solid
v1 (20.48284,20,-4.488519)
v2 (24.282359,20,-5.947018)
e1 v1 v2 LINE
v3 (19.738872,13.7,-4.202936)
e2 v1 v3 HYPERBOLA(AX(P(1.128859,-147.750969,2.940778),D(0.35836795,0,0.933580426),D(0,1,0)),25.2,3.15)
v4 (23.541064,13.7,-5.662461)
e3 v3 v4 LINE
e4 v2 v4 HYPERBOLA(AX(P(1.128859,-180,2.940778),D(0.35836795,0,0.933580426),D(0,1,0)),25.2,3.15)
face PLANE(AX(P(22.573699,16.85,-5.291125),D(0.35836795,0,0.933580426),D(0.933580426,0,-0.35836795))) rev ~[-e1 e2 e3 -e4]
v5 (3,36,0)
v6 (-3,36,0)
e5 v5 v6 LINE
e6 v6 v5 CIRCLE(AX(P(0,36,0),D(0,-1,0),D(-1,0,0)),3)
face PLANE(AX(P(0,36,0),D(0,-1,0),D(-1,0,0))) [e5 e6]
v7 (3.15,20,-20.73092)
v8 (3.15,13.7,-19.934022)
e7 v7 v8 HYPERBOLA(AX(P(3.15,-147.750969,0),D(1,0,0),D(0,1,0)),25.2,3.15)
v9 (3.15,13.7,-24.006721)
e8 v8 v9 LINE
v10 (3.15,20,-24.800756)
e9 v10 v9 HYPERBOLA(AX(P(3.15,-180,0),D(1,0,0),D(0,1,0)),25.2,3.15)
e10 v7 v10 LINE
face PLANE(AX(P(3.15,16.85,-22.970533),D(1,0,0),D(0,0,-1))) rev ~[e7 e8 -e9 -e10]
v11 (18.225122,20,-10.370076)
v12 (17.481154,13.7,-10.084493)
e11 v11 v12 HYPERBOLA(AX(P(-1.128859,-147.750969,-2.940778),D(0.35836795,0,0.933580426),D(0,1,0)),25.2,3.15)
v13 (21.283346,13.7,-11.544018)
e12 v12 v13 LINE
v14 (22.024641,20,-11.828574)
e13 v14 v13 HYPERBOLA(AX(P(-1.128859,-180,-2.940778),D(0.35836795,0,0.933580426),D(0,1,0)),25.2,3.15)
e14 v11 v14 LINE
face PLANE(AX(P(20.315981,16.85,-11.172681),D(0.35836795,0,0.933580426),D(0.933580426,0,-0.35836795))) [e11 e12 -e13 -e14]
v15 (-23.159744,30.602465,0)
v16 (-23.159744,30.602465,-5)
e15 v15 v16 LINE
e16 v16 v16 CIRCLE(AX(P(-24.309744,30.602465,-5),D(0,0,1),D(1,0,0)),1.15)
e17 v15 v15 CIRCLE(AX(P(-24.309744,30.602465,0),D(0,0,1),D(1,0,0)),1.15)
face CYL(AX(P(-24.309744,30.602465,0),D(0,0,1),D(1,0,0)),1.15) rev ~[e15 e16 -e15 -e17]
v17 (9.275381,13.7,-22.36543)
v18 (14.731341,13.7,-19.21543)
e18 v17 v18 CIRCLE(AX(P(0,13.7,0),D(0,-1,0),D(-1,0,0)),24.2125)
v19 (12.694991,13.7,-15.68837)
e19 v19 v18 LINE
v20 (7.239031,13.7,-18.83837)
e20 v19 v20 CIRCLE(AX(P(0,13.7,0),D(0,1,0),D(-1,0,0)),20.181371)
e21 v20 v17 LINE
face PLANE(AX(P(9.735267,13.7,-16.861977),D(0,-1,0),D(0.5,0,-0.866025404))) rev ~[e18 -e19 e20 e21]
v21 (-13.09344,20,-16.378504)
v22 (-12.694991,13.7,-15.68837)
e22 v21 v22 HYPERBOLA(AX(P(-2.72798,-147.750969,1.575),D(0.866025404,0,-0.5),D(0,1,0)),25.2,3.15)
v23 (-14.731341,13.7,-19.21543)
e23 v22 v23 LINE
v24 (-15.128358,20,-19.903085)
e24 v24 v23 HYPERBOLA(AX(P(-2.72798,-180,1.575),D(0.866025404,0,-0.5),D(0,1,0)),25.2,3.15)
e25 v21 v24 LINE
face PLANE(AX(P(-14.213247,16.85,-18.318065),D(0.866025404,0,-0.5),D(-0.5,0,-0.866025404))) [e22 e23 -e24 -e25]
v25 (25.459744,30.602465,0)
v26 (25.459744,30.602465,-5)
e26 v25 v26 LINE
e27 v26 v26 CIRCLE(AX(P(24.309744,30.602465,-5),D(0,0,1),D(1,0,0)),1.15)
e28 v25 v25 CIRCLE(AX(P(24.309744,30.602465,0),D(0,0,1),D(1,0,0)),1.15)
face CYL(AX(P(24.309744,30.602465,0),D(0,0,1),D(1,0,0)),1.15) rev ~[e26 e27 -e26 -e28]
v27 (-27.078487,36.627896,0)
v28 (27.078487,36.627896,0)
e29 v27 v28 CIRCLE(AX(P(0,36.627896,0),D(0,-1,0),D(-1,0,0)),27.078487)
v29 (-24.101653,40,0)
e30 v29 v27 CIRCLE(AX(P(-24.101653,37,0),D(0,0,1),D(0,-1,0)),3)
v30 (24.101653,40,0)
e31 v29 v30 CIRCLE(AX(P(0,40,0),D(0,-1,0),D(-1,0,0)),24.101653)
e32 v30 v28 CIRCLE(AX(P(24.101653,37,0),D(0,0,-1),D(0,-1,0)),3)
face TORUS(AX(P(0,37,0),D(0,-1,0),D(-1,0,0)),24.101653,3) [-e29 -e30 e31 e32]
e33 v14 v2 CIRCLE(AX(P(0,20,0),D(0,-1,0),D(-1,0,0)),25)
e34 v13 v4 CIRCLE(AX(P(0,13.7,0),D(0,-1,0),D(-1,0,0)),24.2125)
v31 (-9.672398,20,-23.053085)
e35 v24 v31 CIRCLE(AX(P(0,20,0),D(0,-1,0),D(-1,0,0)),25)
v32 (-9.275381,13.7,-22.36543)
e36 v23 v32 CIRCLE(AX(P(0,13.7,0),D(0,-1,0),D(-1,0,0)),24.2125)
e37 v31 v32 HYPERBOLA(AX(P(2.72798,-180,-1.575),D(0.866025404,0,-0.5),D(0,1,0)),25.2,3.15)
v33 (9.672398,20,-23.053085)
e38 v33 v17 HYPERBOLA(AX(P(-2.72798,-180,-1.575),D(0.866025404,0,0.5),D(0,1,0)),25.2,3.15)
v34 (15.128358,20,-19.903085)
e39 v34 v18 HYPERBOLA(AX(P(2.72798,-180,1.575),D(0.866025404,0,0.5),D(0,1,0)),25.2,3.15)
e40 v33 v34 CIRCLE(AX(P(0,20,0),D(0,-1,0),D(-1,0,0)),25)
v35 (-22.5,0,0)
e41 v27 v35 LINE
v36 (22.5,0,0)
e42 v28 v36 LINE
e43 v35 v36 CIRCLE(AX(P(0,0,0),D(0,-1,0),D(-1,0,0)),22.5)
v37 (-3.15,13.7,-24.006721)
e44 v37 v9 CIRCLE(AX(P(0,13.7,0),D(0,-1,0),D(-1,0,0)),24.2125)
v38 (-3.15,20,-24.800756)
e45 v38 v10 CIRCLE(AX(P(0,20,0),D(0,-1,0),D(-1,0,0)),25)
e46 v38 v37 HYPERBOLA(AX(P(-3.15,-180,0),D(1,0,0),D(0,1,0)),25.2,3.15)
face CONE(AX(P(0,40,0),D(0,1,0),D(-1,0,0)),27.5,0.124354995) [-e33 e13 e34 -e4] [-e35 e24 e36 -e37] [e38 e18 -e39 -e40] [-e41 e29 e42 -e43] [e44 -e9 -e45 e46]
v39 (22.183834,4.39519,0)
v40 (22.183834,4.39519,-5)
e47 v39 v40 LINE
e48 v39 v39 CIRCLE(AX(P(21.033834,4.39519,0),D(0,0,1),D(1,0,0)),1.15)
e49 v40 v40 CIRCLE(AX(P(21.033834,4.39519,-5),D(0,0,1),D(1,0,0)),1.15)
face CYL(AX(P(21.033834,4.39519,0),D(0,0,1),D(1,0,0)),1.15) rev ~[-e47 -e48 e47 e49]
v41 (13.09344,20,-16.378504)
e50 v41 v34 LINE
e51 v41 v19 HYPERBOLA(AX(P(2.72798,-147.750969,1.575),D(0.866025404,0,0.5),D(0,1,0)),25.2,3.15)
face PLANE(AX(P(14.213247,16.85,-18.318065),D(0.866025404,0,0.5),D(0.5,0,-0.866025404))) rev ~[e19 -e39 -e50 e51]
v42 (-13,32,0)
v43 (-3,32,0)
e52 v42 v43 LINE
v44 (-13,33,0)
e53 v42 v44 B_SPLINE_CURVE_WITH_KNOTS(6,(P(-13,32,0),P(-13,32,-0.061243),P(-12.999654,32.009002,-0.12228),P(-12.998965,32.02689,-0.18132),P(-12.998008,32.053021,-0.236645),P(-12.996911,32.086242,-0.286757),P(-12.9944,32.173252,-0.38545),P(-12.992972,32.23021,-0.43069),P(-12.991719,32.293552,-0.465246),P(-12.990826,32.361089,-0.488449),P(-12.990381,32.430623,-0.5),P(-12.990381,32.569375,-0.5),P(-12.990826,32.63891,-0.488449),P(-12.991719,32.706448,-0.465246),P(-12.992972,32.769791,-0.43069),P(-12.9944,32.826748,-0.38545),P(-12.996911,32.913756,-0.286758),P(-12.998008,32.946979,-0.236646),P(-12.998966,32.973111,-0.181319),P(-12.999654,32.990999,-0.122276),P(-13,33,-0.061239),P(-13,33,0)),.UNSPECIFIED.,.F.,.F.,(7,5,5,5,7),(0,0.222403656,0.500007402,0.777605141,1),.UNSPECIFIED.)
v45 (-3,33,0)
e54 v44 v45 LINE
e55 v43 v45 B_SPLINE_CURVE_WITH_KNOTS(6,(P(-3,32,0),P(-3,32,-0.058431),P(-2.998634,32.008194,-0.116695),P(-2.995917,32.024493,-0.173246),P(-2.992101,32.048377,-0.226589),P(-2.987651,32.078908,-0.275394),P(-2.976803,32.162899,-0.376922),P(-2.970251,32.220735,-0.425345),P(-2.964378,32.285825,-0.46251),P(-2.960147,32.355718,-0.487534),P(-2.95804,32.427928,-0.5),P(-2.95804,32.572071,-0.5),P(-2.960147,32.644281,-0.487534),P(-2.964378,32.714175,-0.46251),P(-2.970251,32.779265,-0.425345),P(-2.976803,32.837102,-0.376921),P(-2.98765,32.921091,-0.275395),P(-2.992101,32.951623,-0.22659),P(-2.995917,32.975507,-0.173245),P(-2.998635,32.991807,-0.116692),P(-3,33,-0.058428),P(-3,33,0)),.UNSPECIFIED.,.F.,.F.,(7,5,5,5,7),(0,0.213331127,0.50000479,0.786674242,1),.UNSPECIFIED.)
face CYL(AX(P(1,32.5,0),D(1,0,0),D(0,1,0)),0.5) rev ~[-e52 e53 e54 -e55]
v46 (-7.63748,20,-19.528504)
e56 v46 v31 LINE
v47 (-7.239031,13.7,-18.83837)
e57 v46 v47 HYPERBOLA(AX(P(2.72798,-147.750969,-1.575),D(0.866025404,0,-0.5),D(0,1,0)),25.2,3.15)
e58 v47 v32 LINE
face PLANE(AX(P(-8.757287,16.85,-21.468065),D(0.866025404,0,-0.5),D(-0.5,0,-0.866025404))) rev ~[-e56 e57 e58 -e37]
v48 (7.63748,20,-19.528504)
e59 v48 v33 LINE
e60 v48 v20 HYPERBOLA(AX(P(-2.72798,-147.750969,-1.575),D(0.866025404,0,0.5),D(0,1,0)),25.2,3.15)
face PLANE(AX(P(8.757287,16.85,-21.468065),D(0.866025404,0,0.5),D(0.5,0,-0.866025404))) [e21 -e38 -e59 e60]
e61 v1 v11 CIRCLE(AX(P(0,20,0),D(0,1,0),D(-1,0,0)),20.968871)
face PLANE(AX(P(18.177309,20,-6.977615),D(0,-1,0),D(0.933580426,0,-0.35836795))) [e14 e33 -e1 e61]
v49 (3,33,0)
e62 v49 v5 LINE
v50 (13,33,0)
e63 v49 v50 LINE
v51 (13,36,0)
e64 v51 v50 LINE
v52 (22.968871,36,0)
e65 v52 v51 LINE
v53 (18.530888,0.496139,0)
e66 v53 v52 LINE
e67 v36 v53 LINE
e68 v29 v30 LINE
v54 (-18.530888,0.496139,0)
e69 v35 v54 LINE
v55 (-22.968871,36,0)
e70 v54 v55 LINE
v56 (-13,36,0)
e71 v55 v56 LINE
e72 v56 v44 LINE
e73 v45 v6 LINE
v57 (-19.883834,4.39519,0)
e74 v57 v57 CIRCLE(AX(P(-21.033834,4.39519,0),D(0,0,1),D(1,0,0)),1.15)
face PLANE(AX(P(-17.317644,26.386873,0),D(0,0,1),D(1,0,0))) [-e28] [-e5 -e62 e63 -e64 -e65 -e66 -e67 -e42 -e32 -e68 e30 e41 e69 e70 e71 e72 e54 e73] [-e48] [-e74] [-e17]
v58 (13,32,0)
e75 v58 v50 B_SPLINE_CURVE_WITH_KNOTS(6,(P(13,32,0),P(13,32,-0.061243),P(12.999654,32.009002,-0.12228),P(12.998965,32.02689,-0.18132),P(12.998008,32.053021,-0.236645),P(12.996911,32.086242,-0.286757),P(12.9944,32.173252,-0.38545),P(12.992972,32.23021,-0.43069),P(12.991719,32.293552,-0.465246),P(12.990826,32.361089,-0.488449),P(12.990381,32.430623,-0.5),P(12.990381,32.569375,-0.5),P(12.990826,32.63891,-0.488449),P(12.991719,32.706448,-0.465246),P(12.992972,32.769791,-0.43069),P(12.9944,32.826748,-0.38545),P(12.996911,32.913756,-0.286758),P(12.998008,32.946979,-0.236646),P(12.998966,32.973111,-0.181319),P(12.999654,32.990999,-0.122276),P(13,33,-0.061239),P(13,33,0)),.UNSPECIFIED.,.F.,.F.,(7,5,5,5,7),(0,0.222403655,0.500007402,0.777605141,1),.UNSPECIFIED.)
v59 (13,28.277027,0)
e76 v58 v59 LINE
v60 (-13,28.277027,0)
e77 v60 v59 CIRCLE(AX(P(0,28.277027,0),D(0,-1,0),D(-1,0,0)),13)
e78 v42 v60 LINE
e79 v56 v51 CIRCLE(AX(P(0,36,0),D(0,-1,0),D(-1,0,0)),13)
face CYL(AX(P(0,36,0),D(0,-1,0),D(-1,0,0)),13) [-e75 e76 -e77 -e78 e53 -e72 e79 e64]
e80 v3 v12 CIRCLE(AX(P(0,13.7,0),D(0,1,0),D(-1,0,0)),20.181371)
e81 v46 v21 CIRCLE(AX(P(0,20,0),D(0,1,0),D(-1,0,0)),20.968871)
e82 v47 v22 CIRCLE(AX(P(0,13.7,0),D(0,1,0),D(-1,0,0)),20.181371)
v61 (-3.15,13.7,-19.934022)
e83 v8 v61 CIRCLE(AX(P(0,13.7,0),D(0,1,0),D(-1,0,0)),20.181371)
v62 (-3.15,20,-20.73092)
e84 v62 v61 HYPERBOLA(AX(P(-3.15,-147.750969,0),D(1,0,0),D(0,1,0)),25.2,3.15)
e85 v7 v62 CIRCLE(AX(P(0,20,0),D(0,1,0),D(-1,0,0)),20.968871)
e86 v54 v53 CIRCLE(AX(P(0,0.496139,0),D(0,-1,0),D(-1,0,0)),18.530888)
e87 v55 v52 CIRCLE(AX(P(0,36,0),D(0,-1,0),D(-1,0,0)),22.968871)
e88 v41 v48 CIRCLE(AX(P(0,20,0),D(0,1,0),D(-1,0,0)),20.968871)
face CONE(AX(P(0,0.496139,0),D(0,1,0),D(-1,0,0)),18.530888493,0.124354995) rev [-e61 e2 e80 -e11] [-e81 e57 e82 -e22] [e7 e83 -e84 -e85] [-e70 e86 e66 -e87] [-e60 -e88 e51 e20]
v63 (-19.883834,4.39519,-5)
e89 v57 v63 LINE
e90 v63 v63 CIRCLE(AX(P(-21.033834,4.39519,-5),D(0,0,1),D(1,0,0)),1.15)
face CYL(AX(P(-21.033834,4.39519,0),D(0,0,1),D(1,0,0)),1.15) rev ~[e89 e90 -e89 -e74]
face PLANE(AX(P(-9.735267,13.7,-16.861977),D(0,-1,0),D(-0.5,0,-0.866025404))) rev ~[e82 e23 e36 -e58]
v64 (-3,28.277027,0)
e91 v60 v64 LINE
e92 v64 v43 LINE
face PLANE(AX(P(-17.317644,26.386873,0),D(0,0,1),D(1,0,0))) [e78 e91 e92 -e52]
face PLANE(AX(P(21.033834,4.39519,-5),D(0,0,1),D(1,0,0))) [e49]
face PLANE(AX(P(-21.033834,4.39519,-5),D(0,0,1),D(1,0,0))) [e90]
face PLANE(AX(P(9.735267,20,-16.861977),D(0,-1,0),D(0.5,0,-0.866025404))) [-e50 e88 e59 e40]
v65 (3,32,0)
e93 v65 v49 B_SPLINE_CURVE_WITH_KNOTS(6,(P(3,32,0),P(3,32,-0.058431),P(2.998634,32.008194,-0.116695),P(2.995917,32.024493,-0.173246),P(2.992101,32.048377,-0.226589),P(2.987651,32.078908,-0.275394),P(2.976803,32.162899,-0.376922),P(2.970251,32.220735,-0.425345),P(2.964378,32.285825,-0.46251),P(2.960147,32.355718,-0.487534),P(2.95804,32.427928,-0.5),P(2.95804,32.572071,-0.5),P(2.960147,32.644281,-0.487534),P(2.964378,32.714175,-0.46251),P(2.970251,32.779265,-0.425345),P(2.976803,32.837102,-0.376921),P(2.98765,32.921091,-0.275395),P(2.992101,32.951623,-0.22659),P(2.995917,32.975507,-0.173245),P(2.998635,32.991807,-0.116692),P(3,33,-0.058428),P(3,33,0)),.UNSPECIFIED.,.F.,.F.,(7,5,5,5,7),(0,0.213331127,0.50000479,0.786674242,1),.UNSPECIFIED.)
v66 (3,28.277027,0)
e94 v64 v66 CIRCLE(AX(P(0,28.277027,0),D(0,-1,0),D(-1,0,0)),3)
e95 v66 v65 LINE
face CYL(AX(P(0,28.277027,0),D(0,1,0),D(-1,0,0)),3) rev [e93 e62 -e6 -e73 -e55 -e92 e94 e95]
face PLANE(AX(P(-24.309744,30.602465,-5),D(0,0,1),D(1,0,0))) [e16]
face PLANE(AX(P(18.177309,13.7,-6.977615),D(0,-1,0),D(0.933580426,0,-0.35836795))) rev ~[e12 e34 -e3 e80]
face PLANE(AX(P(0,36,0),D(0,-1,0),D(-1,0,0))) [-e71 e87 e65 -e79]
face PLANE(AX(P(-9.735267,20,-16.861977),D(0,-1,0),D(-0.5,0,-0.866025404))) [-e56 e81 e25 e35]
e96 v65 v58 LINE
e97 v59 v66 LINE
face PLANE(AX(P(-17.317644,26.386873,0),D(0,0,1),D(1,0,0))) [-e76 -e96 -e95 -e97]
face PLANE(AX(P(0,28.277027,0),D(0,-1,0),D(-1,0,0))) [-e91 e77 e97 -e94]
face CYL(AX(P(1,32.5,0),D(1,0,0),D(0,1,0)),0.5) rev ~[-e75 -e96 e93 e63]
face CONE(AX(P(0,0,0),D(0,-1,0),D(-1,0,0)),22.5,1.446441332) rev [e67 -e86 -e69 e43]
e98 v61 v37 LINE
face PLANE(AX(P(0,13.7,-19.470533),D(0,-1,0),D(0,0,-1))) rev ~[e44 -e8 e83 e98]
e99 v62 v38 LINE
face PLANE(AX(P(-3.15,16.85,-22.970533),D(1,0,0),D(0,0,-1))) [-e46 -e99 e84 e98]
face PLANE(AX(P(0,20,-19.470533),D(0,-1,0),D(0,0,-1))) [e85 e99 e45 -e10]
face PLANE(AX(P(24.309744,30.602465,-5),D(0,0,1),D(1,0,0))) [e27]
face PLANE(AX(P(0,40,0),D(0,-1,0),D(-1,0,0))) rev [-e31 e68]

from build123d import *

# Parameters (mm, degrees)
REVOLVE1_ANGLE                  = 180
FILLET1_R                       = 3
SKETCH2_W                       = 30
SKETCH2_H                       = 0.5
SKETCH3_R                       = 1.15
CUT_EXTRUDE1_DEPTH              = 5
SKETCH4_W                       = 7
SKETCH4_H                       = 6.3
CUT_EXTRUDE2_DEPTH              = 3.15
CIRPATTERN1_COUNT               = 2
CIRPATTERN1_ANGLE               = 30
CIRPATTERN1_THE_OTHER_WAY_COUNT = 2
CIRPATTERN1_THE_OTHER_WAY_ANGLE = 30
CIRPATTERN2_COUNT               = 2
CIRPATTERN2_ANGLE               = 69


with BuildPart() as part:
    # Sketch1 → Revolve1 (revolve)
    with BuildSketch(Plane.XY):
        Polygon((0, 40), (-27.5, 40), (-22.5, 0), (-18.530888493, 0.496138938), (-22.968871126, 36), (-13, 36), (-13, 28.277027027), (-3, 28.277027027), (-3, 36), (0, 36), align=None)
    revolve(axis=Axis((0, 40, 0), (0, -1, 0)), revolution_arc=REVOLVE1_ANGLE)

    # Fillet1
    fillet1_edges = [part.edges().sort_by_distance(p)[0] for p in [
        (0, 40, -27.5),
    ]]
    fillet(fillet1_edges, radius=FILLET1_R)

    # Sketch2 → Cut-Revolve1 (revolve, cut)
    with BuildSketch(Plane.XY):
        with Locations((1, 32.75)):
            Rectangle(SKETCH2_W, SKETCH2_H)
    revolve(axis=Axis((-14, 32.5, 0), (1, 0, 0)), mode=Mode.SUBTRACT)

    # Sketch3 → Cut-Extrude1 (cut)
    with BuildSketch(Plane.XY):
        with Locations((-24.309743639, 30.602464611)):
            Circle(SKETCH3_R)
        with Locations((-21.033834323, 4.395190082)):
            Circle(SKETCH3_R)
        with Locations((21.033834323, 4.395190082)):
            Circle(SKETCH3_R)
        with Locations((24.309743639, 30.602464611)):
            Circle(SKETCH3_R)
    extrude(amount=-CUT_EXTRUDE1_DEPTH, mode=Mode.SUBTRACT)

    # Sketch4 → Cut-Extrude2 (cut, symmetric)
    with BuildSketch(Plane(origin=(0, 0, 0), x_dir=(0, 0, -1), z_dir=(1, 0, 0))):
        with Locations((22.970533345, 16.85)):
            Rectangle(SKETCH4_W, SKETCH4_H)
    cut_extrude2 = extrude(amount=CUT_EXTRUDE2_DEPTH, both=True, mode=Mode.SUBTRACT)

    # CirPattern1: Cut-Extrude2 ×2 about axis
    cirpattern1_axis = Axis((0, 36.627895796, 0), (0, -1, 0))
    for i in range(1, CIRPATTERN1_COUNT):
        add(cut_extrude2.rotate(cirpattern1_axis, i * CIRPATTERN1_ANGLE / (CIRPATTERN1_COUNT - 1)), mode=Mode.SUBTRACT)

    # CirPattern1 the other way: Cut-Extrude2 ×2 about axis
    cirpattern1_the_other_way_axis = Axis((0, 36.627895796, 0), (0, 1, 0))
    for i in range(1, CIRPATTERN1_THE_OTHER_WAY_COUNT):
        add(cut_extrude2.rotate(cirpattern1_the_other_way_axis, i * CIRPATTERN1_THE_OTHER_WAY_ANGLE / (CIRPATTERN1_THE_OTHER_WAY_COUNT - 1)), mode=Mode.SUBTRACT)

    # CirPattern2: Cut-Extrude2 ×2 about axis
    cirpattern2_axis = Axis((0, 36.627895796, 0), (0, -1, 0))
    for i in range(1, CIRPATTERN2_COUNT):
        add(cut_extrude2.rotate(cirpattern2_axis, i * CIRPATTERN2_ANGLE / (CIRPATTERN2_COUNT - 1)), mode=Mode.SUBTRACT)


solid = part.part
